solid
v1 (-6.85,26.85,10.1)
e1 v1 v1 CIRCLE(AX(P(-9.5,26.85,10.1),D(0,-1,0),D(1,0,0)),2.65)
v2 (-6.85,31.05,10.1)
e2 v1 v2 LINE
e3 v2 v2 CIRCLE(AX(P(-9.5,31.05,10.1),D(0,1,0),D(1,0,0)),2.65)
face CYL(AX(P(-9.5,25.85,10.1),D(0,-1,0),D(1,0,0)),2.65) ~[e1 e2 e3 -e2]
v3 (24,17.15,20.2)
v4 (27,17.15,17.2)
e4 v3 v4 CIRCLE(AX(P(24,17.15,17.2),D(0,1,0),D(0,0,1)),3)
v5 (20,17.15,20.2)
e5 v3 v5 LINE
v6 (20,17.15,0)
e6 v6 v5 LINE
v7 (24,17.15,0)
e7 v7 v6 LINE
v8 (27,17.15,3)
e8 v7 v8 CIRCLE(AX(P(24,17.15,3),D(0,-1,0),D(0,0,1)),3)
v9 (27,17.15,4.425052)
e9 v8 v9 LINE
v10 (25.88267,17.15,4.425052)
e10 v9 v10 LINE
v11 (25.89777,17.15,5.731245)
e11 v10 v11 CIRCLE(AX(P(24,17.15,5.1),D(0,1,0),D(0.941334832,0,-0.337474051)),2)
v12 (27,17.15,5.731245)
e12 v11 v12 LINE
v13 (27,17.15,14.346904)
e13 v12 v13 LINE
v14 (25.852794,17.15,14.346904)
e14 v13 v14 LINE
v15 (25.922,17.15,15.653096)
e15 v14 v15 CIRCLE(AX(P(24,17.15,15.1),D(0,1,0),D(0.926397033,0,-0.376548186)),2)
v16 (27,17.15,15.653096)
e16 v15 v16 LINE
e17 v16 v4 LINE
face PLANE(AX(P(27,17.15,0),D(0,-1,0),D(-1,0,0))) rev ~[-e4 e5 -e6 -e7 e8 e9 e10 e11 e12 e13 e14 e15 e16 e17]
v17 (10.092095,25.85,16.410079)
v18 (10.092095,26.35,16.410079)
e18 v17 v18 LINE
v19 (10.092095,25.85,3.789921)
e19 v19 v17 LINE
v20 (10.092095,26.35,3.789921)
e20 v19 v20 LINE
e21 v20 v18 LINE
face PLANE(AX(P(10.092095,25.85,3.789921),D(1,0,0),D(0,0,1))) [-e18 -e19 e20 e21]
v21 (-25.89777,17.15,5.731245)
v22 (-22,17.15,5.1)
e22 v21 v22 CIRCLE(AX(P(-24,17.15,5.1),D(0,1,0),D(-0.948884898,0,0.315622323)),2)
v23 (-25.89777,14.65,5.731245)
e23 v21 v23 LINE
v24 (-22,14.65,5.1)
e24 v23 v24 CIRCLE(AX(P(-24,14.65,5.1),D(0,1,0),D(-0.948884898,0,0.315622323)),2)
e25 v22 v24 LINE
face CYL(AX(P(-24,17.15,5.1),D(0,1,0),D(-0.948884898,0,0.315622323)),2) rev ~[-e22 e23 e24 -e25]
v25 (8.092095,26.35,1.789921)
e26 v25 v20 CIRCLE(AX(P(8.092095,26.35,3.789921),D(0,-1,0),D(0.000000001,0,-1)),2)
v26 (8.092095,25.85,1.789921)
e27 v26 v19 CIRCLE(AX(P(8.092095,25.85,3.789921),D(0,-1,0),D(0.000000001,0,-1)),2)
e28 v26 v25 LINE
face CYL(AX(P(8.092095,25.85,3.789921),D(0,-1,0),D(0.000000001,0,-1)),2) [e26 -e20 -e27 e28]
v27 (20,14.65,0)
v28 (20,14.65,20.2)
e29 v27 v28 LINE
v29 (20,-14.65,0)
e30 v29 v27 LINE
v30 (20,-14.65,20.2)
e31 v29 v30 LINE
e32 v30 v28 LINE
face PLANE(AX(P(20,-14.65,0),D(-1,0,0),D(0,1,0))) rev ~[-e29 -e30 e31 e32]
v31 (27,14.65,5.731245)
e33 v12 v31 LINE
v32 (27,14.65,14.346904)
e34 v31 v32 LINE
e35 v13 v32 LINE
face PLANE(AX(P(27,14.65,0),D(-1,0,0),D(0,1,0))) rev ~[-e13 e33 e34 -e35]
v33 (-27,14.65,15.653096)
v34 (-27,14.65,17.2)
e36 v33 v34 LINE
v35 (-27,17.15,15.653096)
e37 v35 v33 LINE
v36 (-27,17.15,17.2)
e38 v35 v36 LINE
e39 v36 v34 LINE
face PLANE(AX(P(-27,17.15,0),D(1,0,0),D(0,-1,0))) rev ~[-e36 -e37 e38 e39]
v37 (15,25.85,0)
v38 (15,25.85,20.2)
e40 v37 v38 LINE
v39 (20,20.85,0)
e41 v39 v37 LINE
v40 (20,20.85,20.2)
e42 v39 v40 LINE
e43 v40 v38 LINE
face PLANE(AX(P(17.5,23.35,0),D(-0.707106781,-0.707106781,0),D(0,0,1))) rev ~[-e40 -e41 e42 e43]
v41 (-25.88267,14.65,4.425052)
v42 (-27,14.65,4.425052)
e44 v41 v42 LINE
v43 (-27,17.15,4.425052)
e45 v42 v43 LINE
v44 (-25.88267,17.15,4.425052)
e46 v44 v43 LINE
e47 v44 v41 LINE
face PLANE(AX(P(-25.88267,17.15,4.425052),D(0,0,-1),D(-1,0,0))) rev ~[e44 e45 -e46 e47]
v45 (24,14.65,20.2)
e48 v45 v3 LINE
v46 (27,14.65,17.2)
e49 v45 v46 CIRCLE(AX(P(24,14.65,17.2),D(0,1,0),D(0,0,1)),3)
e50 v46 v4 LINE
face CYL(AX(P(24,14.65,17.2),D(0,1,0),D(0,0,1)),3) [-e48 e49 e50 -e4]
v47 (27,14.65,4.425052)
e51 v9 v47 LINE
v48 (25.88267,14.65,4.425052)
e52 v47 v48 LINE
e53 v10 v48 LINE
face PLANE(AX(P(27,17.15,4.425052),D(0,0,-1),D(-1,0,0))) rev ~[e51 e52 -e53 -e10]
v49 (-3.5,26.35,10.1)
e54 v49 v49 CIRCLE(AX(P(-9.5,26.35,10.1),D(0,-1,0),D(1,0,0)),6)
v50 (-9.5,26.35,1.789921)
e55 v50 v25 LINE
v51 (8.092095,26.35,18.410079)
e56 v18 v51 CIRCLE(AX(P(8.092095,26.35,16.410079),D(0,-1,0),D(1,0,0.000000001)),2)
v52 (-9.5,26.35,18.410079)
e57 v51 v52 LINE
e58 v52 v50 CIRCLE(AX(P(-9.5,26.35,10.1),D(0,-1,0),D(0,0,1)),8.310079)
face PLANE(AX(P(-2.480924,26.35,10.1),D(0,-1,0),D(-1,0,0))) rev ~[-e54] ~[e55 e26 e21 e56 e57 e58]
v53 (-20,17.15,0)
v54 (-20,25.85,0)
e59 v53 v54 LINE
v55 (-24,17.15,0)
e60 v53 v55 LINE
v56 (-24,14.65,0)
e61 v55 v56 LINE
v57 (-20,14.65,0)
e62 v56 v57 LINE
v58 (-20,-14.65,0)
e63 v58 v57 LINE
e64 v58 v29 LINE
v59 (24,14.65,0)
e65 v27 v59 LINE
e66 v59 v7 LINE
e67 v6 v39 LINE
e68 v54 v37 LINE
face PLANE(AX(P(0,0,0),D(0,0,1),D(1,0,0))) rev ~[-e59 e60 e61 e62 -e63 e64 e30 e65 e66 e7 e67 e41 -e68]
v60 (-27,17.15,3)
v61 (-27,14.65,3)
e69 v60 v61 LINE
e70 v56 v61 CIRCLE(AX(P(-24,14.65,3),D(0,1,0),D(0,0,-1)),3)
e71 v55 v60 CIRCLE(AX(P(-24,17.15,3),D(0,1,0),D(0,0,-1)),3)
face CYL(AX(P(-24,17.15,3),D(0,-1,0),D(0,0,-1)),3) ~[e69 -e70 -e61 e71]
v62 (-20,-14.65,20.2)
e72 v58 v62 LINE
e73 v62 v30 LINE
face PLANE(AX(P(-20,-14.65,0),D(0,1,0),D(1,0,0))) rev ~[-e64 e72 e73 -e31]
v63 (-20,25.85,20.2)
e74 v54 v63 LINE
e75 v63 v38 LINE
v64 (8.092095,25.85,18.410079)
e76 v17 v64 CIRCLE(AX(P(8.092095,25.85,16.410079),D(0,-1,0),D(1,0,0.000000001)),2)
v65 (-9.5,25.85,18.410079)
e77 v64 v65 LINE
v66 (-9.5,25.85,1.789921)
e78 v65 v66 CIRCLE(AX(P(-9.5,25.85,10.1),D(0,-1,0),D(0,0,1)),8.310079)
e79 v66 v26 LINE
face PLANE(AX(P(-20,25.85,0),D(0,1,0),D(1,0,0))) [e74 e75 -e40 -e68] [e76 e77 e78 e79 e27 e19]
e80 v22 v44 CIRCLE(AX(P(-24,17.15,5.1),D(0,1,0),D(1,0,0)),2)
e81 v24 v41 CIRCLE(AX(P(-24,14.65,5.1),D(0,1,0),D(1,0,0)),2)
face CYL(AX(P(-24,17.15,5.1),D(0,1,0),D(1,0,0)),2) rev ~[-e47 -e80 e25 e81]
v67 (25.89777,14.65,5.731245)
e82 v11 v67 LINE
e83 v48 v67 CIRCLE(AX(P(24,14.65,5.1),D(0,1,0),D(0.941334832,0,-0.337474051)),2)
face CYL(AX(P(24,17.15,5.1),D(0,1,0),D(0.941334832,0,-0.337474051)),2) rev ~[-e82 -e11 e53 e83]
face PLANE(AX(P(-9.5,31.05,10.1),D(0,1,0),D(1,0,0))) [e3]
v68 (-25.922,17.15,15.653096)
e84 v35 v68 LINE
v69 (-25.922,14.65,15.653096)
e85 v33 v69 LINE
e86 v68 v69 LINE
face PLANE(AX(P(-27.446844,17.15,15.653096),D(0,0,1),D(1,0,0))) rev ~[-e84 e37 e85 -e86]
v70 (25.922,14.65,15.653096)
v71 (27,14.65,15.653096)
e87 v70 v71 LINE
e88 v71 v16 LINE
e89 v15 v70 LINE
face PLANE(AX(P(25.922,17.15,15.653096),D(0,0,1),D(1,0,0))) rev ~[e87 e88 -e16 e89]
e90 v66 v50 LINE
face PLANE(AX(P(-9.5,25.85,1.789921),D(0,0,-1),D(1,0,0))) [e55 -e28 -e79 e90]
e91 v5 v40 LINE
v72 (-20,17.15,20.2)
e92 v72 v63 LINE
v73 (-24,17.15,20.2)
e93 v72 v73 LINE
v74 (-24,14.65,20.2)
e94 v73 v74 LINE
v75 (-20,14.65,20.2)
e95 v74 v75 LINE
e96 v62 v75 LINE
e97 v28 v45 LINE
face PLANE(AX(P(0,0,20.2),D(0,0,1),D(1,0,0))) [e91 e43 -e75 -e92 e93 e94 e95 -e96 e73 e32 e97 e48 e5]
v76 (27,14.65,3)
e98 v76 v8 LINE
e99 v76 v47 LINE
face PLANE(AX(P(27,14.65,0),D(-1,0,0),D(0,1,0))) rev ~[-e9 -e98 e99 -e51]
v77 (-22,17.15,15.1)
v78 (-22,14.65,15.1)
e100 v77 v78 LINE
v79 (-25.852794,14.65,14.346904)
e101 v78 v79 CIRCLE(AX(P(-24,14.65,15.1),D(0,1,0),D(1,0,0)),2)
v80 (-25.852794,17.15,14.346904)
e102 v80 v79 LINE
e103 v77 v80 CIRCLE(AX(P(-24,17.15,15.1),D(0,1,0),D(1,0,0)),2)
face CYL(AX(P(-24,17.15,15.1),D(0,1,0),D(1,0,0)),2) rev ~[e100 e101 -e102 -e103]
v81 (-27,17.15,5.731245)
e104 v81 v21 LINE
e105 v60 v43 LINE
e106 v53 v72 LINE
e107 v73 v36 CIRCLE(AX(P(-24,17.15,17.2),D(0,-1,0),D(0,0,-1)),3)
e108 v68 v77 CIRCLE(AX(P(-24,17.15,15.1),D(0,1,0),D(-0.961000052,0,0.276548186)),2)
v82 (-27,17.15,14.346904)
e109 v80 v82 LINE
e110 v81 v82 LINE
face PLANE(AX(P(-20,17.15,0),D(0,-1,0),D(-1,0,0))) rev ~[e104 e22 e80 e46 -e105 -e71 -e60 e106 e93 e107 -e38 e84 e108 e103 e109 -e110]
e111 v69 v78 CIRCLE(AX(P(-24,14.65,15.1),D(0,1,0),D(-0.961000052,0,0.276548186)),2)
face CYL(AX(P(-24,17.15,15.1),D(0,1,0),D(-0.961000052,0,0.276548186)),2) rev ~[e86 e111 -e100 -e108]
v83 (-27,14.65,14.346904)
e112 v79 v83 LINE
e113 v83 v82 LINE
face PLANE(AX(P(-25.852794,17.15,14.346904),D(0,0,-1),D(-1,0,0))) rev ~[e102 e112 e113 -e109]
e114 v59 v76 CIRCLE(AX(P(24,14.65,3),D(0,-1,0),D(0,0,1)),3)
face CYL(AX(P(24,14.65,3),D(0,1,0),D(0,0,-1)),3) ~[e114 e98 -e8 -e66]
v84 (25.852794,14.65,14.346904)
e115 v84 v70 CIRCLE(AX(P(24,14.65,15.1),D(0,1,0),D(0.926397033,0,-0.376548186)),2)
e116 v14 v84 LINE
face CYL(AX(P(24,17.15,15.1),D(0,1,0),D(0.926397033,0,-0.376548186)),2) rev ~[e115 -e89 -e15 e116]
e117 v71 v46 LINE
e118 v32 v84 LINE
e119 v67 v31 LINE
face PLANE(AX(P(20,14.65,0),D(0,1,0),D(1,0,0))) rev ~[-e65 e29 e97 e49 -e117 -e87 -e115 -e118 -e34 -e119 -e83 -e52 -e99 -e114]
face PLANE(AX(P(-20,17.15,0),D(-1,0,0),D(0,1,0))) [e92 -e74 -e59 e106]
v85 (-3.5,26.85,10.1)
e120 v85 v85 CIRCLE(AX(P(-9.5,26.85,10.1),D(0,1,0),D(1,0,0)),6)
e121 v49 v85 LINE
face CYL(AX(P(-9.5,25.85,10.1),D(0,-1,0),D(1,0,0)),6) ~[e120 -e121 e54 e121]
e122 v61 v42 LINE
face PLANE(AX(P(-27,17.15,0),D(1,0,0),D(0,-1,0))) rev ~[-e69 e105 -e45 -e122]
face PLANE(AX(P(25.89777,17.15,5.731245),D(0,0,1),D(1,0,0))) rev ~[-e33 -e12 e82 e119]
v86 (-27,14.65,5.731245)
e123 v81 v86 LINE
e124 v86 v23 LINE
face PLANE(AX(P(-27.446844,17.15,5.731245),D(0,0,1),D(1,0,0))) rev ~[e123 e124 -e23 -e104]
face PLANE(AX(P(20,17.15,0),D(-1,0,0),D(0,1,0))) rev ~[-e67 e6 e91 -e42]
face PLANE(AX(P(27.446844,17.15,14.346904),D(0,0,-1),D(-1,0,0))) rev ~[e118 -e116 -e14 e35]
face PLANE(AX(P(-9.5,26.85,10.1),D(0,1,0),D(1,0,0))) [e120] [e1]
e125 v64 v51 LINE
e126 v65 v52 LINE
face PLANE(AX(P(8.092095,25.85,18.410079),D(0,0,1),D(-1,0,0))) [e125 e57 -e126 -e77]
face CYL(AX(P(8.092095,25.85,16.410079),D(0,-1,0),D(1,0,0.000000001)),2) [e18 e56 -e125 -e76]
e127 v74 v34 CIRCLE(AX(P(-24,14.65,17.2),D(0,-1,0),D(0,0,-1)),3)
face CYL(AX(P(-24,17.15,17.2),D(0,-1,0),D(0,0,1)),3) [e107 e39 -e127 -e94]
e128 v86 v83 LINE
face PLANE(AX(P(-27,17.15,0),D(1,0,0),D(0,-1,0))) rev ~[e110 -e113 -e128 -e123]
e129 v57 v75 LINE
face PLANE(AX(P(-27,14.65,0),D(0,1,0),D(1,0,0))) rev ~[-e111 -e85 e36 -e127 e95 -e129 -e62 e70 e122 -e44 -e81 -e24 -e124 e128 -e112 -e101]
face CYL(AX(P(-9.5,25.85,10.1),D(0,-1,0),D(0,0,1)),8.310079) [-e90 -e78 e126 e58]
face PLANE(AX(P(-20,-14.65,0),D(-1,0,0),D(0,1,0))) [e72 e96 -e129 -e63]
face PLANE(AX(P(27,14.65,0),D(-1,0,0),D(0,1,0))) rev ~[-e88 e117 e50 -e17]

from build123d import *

# Parameters (mm, degrees)
SKETCH1_W           = 40
SKETCH1_H           = 29.3
SKETCH1_H_2         = 8.7
BOSS_EXTRUDE1_DEPTH = 20.2
SKETCH2_R           = 2.65
BOSS_EXTRUDE2_DEPTH = 5.2
SKETCH3_W           = 0.446843519
SKETCH3_H           = 1.306192745
SKETCH3_H_2         = 1.306192746
CUT_EXTRUDE1_DEPTH  = 5.2
FILLET1_R           = 3
CHAMFER1_SIZE       = 5
SKETCH4_R           = 6
BOSS_EXTRUDE3_DEPTH = 1
BOSS_EXTRUDE4_DEPTH = 0.5


with BuildPart() as part:
    # Sketch1 → Boss-Extrude1 (new body)
    with BuildSketch(Plane.XY):
        Rectangle(SKETCH1_W, SKETCH1_H)
        Polygon((-27, 14.65), (-20, 14.65), (20, 14.65), (27, 14.65), (27, 17.15), (20, 17.15), (-20, 17.15), (-27, 17.15), align=None)
        with Locations((0, 21.5)):
            Rectangle(SKETCH1_W, SKETCH1_H_2)
    extrude(amount=BOSS_EXTRUDE1_DEPTH)

    # Sketch2 → Boss-Extrude2 (add)
    with BuildSketch(Plane(origin=(0, 25.85, 0), x_dir=(1, 0, 0), z_dir=(0, 1, 0))):
        with Locations((-9.5, -10.1)):
            Circle(SKETCH2_R)
    extrude(amount=BOSS_EXTRUDE2_DEPTH)

    # Sketch3 → Cut-Extrude1 (cut)
    with BuildSketch(Plane(origin=(0, 17.15, 0), x_dir=(1, 0, 0), z_dir=(0, 1, 0))):
        with BuildLine():
            Line((-25.540550997, -5.731244645), (-25.540550997, -4.4250519))
            Line((-25.540550997, -4.4250519), (-25.882669663, -4.4250519))
            ThreePointArc((-25.882669663, -4.4250519), (-25.99986637, -5.076880711), (-25.897769796, -5.731244645))
            Line((-25.897769796, -5.731244645), (-25.540550997, -5.731244645))
        make_face()
        with BuildLine():
            Line((-25.882669663, -4.4250519), (-25.540550997, -4.4250519))
            Line((-25.540550997, -4.4250519), (-25.540550997, -5.731244645))
            Line((-25.540550997, -5.731244645), (-25.897769796, -5.731244645))
            ThreePointArc((-25.897769796, -5.731244645), (-23.680265416, -7.074277031), (-22, -5.1))
            ThreePointArc((-22, -5.1), (-23.657464839, -3.129550898), (-25.882669663, -4.4250519))
        make_face()
        with BuildLine():
            ThreePointArc((-25.897769796, -5.731244645), (-25.99986637, -5.076880711), (-25.882669663, -4.4250519))
            Line((-25.882669663, -4.4250519), (-27.446843519, -4.4250519))
            Line((-27.446843519, -4.4250519), (-27.446843519, -5.731244645))
            Line((-27.446843519, -5.731244645), (-25.897769796, -5.731244645))
        make_face()
        with BuildLine():
            Line((-25.540550997, -15.653096373), (-25.540550997, -14.346903627))
            Line((-25.540550997, -14.346903627), (-25.852794067, -14.346903627))
            ThreePointArc((-25.852794067, -14.346903627), (-25.997198696, -14.994182379), (-25.922000105, -15.653096373))
            Line((-25.922000105, -15.653096373), (-25.540550997, -15.653096373))
        make_face()
        with BuildLine():
            Line((-25.852794067, -14.346903627), (-25.540550997, -14.346903627))
            Line((-25.540550997, -14.346903627), (-25.540550997, -15.653096373))
            Line((-25.540550997, -15.653096373), (-25.922000105, -15.653096373))
            ThreePointArc((-25.922000105, -15.653096373), (-23.720715387, -17.080404026), (-22, -15.1))
            ThreePointArc((-22, -15.1), (-23.616325746, -13.137146448), (-25.852794067, -14.346903627))
        make_face()
        with BuildLine():
            ThreePointArc((-25.922000105, -15.653096373), (-25.997198696, -14.994182379), (-25.852794067, -14.346903627))
            Line((-25.852794067, -14.346903627), (-27.446843519, -14.346903627))
            Line((-27.446843519, -14.346903627), (-27.446843519, -15.653096373))
            Line((-27.446843519, -15.653096373), (-25.922000105, -15.653096373))
        make_face()
        with Locations((27.223421759, -5.078148273)):
            Rectangle(SKETCH3_W, SKETCH3_H)
        with BuildLine():
            ThreePointArc((26, -5.1), (25.974277031, -5.419734584), (25.897769796, -5.731244645))
            Line((25.897769796, -5.731244645), (27, -5.731244645))
            Line((27, -5.731244645), (27, -4.4250519))
            Line((27, -4.4250519), (25.882669663, -4.4250519))
            ThreePointArc((25.882669663, -4.4250519), (25.970449102, -4.757464839), (26, -5.1))
        make_face()
        with BuildLine():
            Line((25.540550997, -4.4250519), (25.540550997, -5.731244645))
            Line((25.540550997, -5.731244645), (25.897769796, -5.731244645))
            ThreePointArc((25.897769796, -5.731244645), (25.974277031, -5.419734584), (26, -5.1))
            ThreePointArc((26, -5.1), (25.970449102, -4.757464839), (25.882669663, -4.4250519))
            Line((25.882669663, -4.4250519), (25.540550997, -4.4250519))
        make_face()
        with BuildLine():
            Line((25.897769796, -5.731244645), (25.540550997, -5.731244645))
            Line((25.540550997, -5.731244645), (25.540550997, -4.4250519))
            Line((25.540550997, -4.4250519), (25.882669663, -4.4250519))
            ThreePointArc((25.882669663, -4.4250519), (22.00013363, -5.123119289), (25.897769796, -5.731244645))
        make_face()
        with Locations((27.223421759, -15)):
            Rectangle(SKETCH3_W, SKETCH3_H_2)
        with BuildLine():
            Line((27, -15.653096373), (27, -14.346903627))
            Line((27, -14.346903627), (25.852794067, -14.346903627))
            ThreePointArc((25.852794067, -14.346903627), (25.962853552, -14.716325746), (26, -15.1))
            ThreePointArc((26, -15.1), (25.980404026, -15.379284613), (25.922000105, -15.653096373))
            Line((25.922000105, -15.653096373), (27, -15.653096373))
        make_face()
        with BuildLine():
            ThreePointArc((26, -15.1), (25.962853552, -14.716325746), (25.852794067, -14.346903627))
            Line((25.852794067, -14.346903627), (25.540550997, -14.346903627))
            Line((25.540550997, -14.346903627), (25.540550997, -15.653096373))
            Line((25.540550997, -15.653096373), (25.922000105, -15.653096373))
            ThreePointArc((25.922000105, -15.653096373), (25.980404026, -15.379284613), (26, -15.1))
        make_face()
        with BuildLine():
            Line((25.540550997, -14.346903627), (25.852794067, -14.346903627))
            ThreePointArc((25.852794067, -14.346903627), (22.002801304, -15.205817621), (25.922000105, -15.653096373))
            Line((25.922000105, -15.653096373), (25.540550997, -15.653096373))
            Line((25.540550997, -15.653096373), (25.540550997, -14.346903627))
        make_face()
    extrude(amount=-CUT_EXTRUDE1_DEPTH, mode=Mode.SUBTRACT)

    # Fillet1
    fillet1_edges = [part.edges().sort_by_distance(p)[0] for p in [
        (-27, 15.9, 0),
        (27, 15.9, 0),
        (27, 15.9, 20.2),
        (-27, 15.9, 20.2),
    ]]
    fillet(fillet1_edges, radius=FILLET1_R)

    # Chamfer1
    chamfer1_edges = [part.edges().sort_by_distance(p)[0] for p in [
        (20, 25.85, 10.1),
    ]]
    chamfer(chamfer1_edges, length=CHAMFER1_SIZE)

    # Sketch4 → Boss-Extrude3 (add)
    with BuildSketch(Plane(origin=(0, 25.85, 0), x_dir=(1, 0, 0), z_dir=(0, 1, 0))):
        with Locations((-9.5, -10.1)):
            Circle(SKETCH4_R)
    extrude(amount=BOSS_EXTRUDE3_DEPTH)

    # Sketch5 → Boss-Extrude4 (add)
    with BuildSketch(Plane(origin=(0, 25.85, 0), x_dir=(1, 0, 0), z_dir=(0, 1, 0))):
        with BuildLine():
            Line((-9.5, -1.789920634), (8.092095239, -1.789920634))
            ThreePointArc((8.092095239, -1.789920634), (9.506308801, -2.375707072), (10.092095239, -3.789920634))
            Line((10.092095239, -3.789920634), (10.092095239, -16.410079366))
            ThreePointArc((10.092095239, -16.410079366), (9.506308801, -17.824292928), (8.092095239, -18.410079366))
            Line((8.092095239, -18.410079366), (-9.5, -18.410079366))
            ThreePointArc((-9.5, -18.410079366), (-17.810079366, -10.1), (-9.5, -1.789920634))
        make_face()
    extrude(amount=BOSS_EXTRUDE4_DEPTH)


solid = part.part
